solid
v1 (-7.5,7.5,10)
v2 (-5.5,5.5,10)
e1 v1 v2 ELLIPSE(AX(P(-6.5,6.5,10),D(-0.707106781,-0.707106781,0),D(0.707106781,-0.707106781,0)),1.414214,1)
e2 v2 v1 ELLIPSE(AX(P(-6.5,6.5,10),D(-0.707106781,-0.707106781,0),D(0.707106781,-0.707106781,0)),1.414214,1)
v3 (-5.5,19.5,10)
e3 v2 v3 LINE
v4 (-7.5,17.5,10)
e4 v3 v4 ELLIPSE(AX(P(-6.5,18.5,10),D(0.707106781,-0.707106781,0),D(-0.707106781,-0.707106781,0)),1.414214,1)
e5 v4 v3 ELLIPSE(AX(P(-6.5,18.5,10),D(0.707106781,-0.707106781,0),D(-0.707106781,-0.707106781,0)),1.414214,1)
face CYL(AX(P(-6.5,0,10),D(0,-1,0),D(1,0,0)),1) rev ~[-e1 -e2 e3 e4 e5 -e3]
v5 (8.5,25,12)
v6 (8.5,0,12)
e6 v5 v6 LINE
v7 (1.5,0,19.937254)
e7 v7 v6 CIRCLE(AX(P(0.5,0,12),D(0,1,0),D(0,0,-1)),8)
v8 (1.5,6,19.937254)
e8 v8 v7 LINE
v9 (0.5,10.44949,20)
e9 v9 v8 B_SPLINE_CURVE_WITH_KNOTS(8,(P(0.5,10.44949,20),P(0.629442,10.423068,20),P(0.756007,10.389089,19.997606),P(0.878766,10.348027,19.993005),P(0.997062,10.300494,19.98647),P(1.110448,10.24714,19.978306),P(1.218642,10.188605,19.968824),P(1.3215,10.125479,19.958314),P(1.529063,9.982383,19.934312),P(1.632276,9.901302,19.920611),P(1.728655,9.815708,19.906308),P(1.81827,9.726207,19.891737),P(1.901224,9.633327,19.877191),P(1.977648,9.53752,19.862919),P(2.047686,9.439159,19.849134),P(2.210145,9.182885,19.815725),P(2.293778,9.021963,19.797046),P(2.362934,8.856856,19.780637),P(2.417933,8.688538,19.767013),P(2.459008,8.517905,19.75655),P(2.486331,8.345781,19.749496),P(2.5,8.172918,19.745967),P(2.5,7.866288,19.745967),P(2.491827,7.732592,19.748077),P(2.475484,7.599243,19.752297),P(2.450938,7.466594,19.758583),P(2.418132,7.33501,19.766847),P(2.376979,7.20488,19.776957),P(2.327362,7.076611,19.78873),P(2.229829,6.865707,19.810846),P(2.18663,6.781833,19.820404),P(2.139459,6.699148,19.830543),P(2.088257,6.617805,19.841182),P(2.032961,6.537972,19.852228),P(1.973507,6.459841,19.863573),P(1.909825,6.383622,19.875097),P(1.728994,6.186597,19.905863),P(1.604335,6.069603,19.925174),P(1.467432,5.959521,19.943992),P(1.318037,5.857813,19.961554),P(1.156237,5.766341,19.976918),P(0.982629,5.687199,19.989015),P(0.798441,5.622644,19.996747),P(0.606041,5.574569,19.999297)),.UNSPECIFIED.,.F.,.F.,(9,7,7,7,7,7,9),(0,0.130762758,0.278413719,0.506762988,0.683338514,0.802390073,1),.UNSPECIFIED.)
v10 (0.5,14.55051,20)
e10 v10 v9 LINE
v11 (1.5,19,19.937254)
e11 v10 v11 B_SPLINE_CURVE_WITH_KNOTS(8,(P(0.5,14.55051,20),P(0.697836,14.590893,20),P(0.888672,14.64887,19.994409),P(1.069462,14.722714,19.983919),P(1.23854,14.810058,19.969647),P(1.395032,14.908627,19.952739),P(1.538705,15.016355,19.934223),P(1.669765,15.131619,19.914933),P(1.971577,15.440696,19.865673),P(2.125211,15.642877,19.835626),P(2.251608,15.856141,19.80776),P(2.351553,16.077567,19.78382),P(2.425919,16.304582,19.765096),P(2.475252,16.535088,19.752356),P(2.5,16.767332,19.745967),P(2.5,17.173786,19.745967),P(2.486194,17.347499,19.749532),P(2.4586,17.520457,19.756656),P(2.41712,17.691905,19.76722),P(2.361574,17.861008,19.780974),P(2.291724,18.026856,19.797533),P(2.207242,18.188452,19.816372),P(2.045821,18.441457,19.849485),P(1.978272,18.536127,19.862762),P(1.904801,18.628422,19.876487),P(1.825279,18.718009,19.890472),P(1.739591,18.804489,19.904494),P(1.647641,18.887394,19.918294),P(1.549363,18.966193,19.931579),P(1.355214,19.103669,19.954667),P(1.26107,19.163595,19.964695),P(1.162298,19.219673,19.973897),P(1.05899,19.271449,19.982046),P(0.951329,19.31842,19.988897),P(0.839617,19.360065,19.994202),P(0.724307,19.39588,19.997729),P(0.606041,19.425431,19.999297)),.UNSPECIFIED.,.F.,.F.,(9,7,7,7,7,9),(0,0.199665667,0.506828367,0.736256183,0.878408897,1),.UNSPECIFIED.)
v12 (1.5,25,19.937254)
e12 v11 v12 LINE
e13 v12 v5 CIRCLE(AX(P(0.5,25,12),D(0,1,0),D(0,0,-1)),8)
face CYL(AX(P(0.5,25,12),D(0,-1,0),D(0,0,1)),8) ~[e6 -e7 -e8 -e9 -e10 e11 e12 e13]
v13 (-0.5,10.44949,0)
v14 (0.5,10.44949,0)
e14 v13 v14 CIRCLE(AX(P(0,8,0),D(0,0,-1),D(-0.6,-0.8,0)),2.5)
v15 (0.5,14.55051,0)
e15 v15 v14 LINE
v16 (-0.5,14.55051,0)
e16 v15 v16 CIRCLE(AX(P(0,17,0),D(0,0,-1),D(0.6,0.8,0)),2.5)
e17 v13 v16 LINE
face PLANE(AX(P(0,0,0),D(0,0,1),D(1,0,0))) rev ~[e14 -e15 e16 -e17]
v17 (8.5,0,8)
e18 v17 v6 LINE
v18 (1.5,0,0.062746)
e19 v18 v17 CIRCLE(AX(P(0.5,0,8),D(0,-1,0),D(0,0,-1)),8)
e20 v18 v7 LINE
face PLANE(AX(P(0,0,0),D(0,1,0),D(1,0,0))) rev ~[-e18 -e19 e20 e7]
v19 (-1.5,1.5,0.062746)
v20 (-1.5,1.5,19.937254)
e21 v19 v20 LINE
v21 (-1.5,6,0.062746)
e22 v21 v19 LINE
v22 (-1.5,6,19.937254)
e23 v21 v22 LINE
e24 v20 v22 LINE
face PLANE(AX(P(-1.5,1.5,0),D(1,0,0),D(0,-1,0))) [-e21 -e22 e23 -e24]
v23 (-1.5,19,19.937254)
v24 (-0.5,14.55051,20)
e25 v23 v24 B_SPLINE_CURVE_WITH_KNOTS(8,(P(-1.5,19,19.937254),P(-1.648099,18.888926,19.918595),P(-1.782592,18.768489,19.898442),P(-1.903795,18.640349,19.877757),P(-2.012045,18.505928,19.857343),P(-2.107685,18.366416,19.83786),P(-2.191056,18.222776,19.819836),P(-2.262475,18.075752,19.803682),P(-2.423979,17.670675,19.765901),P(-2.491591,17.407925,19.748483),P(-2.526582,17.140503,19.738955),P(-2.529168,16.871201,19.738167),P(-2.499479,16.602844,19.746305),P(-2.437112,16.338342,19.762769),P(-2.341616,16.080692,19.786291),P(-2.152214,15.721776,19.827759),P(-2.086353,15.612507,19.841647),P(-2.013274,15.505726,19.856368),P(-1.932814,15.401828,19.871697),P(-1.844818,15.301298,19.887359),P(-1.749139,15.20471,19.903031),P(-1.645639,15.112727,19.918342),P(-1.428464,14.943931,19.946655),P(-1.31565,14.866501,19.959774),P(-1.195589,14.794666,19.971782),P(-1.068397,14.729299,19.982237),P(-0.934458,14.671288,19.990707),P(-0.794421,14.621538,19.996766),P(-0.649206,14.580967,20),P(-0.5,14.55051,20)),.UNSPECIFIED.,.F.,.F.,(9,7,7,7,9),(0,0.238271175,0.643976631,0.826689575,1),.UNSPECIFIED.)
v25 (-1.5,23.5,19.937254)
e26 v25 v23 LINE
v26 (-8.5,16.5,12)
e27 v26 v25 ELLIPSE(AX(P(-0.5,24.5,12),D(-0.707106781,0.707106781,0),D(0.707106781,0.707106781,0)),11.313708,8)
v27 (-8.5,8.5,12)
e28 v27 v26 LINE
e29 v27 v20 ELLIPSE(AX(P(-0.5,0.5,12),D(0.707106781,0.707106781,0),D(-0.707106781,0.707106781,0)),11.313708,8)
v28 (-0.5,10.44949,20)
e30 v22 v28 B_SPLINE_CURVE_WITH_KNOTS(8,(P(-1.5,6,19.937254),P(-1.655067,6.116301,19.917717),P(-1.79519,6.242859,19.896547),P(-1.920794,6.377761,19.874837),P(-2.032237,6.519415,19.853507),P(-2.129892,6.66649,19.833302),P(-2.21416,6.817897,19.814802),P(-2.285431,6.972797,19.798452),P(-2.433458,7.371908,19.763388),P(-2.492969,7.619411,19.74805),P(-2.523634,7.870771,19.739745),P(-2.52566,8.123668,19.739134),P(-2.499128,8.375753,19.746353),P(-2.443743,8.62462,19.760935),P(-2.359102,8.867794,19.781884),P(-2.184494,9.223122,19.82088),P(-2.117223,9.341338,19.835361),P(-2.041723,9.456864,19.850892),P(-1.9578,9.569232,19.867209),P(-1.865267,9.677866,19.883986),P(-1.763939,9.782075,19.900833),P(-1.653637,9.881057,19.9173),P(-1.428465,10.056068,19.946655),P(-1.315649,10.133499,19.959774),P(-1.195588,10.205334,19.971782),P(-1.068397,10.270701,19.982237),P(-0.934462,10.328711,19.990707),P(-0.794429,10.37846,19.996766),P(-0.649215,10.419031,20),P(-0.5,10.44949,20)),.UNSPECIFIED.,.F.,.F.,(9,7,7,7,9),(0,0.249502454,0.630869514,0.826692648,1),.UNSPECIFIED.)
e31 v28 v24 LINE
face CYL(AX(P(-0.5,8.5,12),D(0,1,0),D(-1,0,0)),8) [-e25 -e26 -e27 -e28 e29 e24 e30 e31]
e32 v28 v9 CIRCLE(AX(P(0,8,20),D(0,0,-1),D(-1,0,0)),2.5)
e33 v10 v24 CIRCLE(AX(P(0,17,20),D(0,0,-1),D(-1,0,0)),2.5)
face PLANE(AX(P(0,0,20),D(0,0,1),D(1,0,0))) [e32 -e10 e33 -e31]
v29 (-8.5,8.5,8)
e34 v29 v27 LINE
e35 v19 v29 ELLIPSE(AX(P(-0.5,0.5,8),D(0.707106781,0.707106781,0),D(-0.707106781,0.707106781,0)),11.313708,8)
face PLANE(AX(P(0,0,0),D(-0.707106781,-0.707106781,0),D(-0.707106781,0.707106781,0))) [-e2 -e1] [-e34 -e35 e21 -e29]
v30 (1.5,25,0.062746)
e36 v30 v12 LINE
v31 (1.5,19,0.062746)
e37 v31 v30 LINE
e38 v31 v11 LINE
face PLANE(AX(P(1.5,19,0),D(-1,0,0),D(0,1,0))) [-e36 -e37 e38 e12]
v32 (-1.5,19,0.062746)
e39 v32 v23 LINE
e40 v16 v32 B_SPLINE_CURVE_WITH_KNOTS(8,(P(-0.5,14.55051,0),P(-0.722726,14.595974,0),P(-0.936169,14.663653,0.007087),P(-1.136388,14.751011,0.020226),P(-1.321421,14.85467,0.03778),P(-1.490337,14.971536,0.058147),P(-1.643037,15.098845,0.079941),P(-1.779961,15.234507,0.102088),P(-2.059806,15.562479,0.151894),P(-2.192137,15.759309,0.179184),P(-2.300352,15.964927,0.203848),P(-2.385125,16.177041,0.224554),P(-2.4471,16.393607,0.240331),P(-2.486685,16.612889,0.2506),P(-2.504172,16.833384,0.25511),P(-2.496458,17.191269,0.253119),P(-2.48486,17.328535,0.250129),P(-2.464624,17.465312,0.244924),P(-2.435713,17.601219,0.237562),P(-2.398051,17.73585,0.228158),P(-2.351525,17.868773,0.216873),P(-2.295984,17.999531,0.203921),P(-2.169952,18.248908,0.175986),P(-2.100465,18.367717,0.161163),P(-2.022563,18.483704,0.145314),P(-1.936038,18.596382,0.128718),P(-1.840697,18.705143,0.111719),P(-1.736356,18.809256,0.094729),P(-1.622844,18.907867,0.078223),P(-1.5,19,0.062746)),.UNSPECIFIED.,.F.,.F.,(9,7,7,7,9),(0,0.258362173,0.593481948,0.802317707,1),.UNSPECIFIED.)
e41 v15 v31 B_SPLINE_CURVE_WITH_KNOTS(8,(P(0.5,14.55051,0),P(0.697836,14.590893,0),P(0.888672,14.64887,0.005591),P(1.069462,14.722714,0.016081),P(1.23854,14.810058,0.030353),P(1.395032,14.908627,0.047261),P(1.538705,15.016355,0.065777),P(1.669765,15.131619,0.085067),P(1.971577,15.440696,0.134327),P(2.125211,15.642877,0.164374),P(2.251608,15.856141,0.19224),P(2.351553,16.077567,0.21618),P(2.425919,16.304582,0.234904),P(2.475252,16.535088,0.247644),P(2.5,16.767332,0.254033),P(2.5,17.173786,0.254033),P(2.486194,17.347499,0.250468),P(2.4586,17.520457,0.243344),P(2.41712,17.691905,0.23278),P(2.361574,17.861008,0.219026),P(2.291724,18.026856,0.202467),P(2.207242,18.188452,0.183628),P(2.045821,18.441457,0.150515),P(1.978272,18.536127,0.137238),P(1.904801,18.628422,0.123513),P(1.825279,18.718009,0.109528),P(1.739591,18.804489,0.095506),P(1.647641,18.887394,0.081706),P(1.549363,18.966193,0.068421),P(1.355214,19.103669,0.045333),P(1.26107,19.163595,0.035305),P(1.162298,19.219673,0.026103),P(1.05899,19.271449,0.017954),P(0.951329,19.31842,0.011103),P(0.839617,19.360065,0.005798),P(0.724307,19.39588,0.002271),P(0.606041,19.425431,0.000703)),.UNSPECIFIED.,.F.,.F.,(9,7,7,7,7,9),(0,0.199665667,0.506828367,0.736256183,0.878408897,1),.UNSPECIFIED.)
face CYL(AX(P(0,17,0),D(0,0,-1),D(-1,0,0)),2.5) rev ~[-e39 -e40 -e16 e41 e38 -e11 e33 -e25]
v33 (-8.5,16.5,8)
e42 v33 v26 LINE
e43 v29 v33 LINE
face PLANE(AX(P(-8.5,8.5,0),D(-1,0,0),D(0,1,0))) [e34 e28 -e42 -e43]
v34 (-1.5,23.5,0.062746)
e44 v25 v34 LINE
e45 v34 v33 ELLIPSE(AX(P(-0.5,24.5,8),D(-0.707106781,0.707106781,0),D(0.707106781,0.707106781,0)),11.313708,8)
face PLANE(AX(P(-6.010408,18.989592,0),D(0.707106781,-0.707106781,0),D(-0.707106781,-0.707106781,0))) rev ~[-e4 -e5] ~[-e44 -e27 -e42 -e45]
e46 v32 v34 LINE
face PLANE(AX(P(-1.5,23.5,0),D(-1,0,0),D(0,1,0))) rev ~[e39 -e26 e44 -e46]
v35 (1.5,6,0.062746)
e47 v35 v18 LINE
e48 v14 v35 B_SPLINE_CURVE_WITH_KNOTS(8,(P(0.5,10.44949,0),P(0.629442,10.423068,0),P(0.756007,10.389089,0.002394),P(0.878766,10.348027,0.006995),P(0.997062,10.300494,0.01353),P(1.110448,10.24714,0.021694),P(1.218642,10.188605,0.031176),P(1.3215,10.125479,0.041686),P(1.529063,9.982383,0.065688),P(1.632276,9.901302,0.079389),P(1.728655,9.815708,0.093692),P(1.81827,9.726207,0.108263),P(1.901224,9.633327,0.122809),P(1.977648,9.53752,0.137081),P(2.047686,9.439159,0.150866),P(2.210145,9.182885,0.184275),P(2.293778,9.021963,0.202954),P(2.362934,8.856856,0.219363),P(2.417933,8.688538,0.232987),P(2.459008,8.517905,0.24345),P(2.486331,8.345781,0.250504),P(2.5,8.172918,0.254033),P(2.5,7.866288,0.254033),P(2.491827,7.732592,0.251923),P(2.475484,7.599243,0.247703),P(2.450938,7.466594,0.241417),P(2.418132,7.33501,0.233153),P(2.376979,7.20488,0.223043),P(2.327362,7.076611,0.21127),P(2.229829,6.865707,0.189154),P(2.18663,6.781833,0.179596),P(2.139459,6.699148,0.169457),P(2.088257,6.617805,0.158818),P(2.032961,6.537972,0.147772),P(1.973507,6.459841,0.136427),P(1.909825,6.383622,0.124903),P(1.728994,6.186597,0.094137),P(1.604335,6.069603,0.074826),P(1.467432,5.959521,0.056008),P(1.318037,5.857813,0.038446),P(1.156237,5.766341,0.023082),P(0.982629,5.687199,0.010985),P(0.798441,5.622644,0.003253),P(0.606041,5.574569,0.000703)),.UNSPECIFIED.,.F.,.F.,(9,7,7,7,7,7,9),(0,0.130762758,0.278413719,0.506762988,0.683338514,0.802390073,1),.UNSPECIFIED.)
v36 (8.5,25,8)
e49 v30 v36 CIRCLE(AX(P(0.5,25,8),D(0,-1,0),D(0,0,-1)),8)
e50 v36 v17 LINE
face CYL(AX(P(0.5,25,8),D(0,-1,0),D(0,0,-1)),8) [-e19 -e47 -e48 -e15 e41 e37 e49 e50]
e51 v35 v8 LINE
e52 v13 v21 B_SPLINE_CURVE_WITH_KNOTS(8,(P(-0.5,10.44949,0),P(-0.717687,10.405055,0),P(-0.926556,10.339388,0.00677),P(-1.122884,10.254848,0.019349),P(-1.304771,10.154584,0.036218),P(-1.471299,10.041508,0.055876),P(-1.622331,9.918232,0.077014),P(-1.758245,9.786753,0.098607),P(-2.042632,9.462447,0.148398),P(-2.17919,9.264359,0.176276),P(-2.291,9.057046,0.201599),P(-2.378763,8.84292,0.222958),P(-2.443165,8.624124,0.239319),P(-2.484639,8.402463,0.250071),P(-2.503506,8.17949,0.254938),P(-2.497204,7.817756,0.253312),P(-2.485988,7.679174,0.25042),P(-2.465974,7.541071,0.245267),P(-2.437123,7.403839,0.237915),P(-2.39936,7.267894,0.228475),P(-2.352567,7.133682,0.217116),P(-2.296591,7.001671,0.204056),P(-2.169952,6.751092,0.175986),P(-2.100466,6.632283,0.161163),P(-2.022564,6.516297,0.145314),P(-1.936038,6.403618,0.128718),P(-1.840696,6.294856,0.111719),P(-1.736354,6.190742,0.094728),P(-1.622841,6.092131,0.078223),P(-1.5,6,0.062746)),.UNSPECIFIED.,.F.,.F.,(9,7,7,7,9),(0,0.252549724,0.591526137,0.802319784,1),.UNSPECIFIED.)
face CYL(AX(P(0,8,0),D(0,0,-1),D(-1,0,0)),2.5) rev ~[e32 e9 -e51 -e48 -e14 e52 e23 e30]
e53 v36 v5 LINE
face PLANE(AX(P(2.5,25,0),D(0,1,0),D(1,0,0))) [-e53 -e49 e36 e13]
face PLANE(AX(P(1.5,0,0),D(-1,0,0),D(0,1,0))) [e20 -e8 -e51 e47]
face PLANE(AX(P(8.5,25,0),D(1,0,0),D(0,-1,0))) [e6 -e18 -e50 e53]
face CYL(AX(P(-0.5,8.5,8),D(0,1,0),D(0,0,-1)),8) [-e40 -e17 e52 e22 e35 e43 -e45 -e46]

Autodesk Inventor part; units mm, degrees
ref_plane "YZ Plane" through (0, 0, 0) normal (1, 0, 0) x (0, 1, 0)
ref_plane "XZ Plane" through (0, 0, 0) normal (0, 1, 0) x (-1, 0, 0)
ref_plane "XY Plane" through (0, 0, 0) normal (0, 0, 1) x (1, 0, 0)
sketch "Sketch1" plane through (0, 0, 0) normal (0, 0, 1) x (1, 0, 0)
  line L0 (0, 0) -> (2.5, 0)
  line L1 (2.5, 0) -> (2.5, 25)
  line L2 (2.5, 25) -> (-2.5, 25)
  line L3 (-2.5, 25) -> (-2.5, 0)
  circle A0 centre (0, 0) radius 8.5
  line L4 (0, 25) -> (8.5, 25) construction
  circle A1 centre (0, 25) radius 8.5
  line L5 (-8.5, 0) -> (-8.5, 25)
  line L6 (8.5, 25) -> (8.5, 0)
  line L7 (0, 25) -> (8.5, 25)
  line L8 (0, 25) -> (-8.5, 16.5)
  line L9 (0, 25) -> (12.0208, 25) construction
  line L10 (0, 0) -> (8.5, 0)
  line L11 (0, 0) -> (-8.5, 8.5)
  line L12 (0, 0) -> (12.0208, 0) construction
  dimension "d9" = 17
  dimension "d1" = 2.5
  dimension "d2" = 25
  dimension "d3" = 5
  dimension "d5" = 17
  dimension "d10" = 2.5
  dimension "d11" = 0
  dimension "d12" = 135
  dimension "d13" = 135
extrude "Extrusion1" add sketch "Sketch1" along normal blind 20 contours L11 L3 A0 L1 L0 | L1 A0 L10 | L11 A0 L3 | A0 L3 A1 L1 | L1 A1 L6 A0 | A0 L11 L5 L8 A1 L3 | A1 L3 L8 L2 L1 | L1 L7 A1 | A1 L8 L3
sketch "Sketch2" plane through (0, 0, 0) normal (0, 0, -1) x (-1, 0, 0)
  line L0 (0, 0) -> (-8.5, 0) projected
  line L1 (0, 0) -> (0, 8)
  circle A0 centre (0, 8) radius 2.5
  line L2 (8.5, 8.5) -> (0, 0) projected
  line L3 (0, 0) -> (-1.5, 0)
  line L4 (-1.5, 0) -> (-1.5, 8)
  line L5 (-1.5, 8) -> (1.5, 8)
  line L6 (1.5, 8) -> (1.5, 0)
  line L7 (1.5, 0) -> (0, 0)
  line L8 (0, 25) -> (8.5, 16.5) projected
  line L9 (0, 25) -> (0, 17)
  line L10 (0, 17) -> (-1.5, 17)
  line L11 (-1.5, 17) -> (-1.5, 25)
  line L12 (-8.5, 25) -> (0, 25) projected
  line L13 (0, 17) -> (1.5, 17)
  line L14 (1.5, 17) -> (1.5, 25)
  line L15 (1.5, 25) -> (0, 25)
  circle A1 centre (0, 17) radius 2.5
  point P0 (1.5, 45)
  point P1 (-1.5, 19)
  point P2 (1.5, 19)
  point P3 (-1.5, 6)
  point P4 (1.5, 6)
  dimension "d16" = 8
  dimension "d17" = 5
  dimension "d18" = 1.5
  dimension "d19" = 3
  dimension "d20" = 8
  dimension "d21" = 1.5
  dimension "d22" = 1.5
  dimension "d23" = 5
extrude "Extrusion2" cut sketch "Sketch2" against normal through all
fillet "Fillet1" radius 8 4 edges at (8.5, 12.5, 0) (8.5, 12.5, 20) (-8.5, 12.5, 0) (-8.5, 12.5, 20)
sketch "Sketch4" plane through (1.5, 0, 0.0627) normal (0, -1, 0) x (1, 0, 0)
  line L0 (-10, 7.9373) -> (-10, 11.9373) projected
  line L1 (-10, 9.9373) -> (-8, 9.9373)
  circle A0 centre (-8, 9.9373) radius 1
  point P0 (-1.5, -0.0627)
  dimension "d31" = 2
  dimension "d32" = 2
extrude "Extrusion4" cut sketch "Sketch4" against normal through all
properties part number "index_f2"
